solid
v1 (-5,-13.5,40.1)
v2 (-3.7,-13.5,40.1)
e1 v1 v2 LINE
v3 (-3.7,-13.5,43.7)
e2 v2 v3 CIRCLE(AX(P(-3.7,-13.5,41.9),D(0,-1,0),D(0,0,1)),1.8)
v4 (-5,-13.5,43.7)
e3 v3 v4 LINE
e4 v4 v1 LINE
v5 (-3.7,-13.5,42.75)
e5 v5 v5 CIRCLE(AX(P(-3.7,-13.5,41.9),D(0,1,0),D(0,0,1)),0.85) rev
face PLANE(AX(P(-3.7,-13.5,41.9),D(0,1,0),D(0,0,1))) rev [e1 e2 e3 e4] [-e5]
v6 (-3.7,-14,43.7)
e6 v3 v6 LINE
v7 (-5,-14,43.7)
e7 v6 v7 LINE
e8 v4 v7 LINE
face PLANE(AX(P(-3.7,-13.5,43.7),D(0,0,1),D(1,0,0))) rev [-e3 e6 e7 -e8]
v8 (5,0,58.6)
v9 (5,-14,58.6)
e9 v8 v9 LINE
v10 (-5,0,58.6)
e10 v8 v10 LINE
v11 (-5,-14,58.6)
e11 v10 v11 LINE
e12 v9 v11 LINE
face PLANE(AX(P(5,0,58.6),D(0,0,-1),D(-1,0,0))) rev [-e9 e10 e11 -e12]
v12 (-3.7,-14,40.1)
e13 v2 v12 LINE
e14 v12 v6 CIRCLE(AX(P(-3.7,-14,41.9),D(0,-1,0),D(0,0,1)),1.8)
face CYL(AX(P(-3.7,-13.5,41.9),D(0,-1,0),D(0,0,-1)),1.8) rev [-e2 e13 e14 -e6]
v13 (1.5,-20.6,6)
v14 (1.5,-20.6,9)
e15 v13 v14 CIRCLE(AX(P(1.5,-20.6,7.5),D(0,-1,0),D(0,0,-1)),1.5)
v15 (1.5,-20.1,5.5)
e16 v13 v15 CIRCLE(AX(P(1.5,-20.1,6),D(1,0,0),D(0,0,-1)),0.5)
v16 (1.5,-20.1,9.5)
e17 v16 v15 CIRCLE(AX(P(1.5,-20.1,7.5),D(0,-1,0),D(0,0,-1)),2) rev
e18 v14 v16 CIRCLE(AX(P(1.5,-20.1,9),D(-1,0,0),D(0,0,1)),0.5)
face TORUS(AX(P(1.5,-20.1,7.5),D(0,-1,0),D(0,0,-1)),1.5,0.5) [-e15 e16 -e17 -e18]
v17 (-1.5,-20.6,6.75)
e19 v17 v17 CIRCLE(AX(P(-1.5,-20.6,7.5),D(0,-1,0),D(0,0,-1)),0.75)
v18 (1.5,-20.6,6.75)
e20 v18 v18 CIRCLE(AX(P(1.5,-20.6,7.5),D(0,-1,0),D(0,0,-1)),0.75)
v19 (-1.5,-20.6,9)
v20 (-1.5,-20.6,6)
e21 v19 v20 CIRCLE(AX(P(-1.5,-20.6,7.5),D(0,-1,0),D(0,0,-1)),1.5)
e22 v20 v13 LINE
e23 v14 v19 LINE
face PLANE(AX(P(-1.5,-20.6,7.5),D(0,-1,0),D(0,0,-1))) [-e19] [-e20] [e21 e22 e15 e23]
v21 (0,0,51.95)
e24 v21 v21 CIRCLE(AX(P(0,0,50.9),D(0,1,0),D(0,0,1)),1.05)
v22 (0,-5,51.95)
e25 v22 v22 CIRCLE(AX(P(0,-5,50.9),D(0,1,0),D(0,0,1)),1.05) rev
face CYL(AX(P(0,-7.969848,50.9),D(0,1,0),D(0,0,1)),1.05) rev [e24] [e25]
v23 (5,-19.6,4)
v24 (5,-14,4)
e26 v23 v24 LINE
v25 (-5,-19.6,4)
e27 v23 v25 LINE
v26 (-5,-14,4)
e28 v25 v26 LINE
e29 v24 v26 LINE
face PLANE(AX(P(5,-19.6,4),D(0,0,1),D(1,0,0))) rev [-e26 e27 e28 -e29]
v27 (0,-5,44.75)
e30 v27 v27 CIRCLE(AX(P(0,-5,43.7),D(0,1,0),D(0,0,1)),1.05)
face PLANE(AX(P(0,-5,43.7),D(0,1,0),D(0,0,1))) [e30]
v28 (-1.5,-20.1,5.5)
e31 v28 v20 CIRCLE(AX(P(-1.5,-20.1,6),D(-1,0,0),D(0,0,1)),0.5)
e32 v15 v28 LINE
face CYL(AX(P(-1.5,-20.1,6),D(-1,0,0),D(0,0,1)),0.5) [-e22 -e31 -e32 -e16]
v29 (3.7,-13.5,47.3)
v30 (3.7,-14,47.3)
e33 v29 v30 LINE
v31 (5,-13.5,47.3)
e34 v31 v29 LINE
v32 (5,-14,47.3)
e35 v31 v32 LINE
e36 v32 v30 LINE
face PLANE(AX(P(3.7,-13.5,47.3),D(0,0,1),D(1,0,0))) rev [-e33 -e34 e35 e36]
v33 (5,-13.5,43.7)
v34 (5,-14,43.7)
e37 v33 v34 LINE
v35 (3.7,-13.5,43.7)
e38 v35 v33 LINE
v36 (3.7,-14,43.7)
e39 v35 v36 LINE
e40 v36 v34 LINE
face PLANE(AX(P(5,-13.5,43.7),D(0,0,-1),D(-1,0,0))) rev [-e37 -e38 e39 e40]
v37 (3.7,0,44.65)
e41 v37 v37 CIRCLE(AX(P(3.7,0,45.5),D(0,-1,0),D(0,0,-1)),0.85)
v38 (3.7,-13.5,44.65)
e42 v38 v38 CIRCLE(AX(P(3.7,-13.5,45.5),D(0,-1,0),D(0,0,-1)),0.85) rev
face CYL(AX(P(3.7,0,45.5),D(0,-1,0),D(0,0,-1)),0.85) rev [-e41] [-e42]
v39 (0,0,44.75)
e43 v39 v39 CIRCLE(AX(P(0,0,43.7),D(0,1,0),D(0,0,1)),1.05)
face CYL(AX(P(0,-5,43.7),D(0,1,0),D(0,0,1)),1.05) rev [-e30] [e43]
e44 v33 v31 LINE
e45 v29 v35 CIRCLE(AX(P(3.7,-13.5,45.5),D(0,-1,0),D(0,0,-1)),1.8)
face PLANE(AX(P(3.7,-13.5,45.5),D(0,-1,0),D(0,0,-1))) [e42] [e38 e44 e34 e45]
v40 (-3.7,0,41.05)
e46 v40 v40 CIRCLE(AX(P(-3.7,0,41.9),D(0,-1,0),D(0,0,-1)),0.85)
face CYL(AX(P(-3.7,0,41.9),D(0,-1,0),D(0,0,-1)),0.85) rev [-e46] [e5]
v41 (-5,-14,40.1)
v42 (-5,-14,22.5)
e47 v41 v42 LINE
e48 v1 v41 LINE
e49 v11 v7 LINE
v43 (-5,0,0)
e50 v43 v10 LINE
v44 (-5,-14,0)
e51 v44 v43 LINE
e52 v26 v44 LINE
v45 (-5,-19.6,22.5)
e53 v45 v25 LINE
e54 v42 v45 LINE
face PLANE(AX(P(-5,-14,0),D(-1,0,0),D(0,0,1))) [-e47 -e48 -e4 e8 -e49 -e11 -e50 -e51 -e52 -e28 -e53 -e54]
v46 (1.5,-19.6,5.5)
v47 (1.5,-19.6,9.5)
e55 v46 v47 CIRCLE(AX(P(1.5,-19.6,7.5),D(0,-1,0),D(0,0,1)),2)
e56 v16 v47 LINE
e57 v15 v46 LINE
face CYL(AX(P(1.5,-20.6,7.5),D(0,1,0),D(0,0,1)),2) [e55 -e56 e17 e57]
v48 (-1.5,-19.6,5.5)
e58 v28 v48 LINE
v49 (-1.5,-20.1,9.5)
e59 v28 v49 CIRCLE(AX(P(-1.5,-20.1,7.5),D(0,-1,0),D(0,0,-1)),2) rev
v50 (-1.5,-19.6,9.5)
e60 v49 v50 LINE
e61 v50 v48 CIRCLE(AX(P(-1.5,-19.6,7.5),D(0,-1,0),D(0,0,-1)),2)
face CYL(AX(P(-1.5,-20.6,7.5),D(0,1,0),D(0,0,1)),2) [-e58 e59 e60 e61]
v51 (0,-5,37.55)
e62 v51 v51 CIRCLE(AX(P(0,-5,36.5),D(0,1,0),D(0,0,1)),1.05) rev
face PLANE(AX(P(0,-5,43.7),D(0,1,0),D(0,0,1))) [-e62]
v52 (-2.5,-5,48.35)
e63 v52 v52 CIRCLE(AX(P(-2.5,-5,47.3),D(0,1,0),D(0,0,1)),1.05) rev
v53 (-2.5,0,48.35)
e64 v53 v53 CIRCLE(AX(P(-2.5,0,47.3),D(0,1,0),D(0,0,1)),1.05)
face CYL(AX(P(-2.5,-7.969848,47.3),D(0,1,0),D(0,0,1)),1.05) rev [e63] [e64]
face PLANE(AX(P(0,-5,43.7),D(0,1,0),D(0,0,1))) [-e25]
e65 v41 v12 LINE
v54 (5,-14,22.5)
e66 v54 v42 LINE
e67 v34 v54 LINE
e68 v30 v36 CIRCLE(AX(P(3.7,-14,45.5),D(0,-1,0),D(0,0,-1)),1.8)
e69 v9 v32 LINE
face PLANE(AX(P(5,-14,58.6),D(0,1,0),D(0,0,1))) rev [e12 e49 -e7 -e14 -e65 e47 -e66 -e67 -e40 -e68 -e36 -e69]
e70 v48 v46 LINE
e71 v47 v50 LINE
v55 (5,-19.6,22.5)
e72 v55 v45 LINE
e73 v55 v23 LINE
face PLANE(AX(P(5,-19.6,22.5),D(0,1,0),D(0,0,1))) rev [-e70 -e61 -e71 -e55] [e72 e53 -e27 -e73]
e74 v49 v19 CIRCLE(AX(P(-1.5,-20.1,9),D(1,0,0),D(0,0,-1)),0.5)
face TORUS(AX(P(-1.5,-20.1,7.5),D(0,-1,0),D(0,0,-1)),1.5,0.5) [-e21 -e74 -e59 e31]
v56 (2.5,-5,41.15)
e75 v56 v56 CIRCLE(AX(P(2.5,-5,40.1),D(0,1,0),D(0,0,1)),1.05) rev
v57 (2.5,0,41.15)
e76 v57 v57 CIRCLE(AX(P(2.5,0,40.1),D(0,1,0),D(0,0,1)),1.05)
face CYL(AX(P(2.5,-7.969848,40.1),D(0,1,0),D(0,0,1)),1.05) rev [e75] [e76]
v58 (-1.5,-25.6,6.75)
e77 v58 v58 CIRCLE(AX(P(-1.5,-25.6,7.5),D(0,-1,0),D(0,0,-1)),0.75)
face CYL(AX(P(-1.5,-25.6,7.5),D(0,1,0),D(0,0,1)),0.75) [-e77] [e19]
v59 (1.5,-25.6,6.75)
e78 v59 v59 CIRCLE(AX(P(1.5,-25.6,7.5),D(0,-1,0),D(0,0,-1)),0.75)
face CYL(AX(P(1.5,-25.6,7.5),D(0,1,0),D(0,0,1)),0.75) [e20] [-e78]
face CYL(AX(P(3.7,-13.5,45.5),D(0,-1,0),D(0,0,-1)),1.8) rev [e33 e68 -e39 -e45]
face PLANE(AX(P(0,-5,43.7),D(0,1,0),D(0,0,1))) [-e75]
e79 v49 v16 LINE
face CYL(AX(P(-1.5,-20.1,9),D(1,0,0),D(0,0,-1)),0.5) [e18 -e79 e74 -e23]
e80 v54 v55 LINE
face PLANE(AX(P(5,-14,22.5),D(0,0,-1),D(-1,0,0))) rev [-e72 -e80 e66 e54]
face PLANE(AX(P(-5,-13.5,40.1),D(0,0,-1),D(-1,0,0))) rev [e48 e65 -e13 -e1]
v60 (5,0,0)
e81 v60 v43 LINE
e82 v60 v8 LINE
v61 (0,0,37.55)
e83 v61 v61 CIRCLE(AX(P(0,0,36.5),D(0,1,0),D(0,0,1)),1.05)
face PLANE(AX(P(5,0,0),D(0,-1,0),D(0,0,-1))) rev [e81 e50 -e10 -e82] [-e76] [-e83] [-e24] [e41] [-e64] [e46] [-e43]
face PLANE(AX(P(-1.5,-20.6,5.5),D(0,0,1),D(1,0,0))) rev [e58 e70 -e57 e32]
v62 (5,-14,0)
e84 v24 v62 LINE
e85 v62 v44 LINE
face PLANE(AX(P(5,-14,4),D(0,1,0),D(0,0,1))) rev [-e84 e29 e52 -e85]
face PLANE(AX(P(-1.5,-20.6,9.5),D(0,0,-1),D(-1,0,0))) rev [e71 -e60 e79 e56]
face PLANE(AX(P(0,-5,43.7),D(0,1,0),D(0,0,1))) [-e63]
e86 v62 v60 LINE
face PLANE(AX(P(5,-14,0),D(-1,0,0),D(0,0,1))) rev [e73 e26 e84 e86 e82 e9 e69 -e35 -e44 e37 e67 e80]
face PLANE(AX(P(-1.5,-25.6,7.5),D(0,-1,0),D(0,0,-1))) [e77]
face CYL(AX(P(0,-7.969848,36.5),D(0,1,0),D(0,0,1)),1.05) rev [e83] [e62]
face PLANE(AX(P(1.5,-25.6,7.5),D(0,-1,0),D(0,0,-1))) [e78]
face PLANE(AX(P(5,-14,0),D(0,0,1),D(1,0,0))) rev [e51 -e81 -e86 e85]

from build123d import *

# Parameters (mm, degrees)
BODY_DEPTH                     = 5
BODY_DEPTH_BACK                = 5
SKETCH2_R                      = 0.85
F_1_7MM_THRU_SCREW_HOLES_DEPTH = 15
SCREWHEAD_RELIEF_DEPTH         = 0.5
SKETCH4_R                      = 1.05
F_1_P_PORT_DEPTH               = 5
SKETCH5_R                      = 1.05
F_2_B_PORT_DEPTH               = 5
SKETCH6_R                      = 1.05
F_3_R2_PORT_DEPTH              = 5
SKETCH7_R                      = 1.05
F_4_A_PORT_DEPTH               = 5
SKETCH8_R                      = 1.05
F_5_R1_PORT_DEPTH              = 5
EXTRUDE3_DEPTH                 = 1
FILLET1_R                      = 0.5
SKETCH10_R                     = 0.75
WIRES_2_DEPTH                  = 5


with BuildPart() as part:
    # Sketch1 → Body (new body, two sides)
    with BuildSketch(Plane(origin=(0, 0, 0), x_dir=(0, 0, -1), z_dir=(1, 0, 0))) as body_sk:
        Polygon((0, 0), (-58.6, 0), (-58.6, -14), (-22.5, -14), (-22.5, -19.6), (-4, -19.6), (-4, -14), (0, -14), align=None)
    extrude(amount=BODY_DEPTH)
    extrude(body_sk.sketch, amount=-BODY_DEPTH_BACK)

    # Sketch2 → 1.7mm Thru Screw Holes (cut, through all)
    with BuildSketch(Plane.XZ.offset(14)):
        with Locations(Location((-3.7, 41.9, 0), (0, 0, 270))):  # turned: the seam where the file's is
            Circle(SKETCH2_R)
        with Locations(Location((3.7, 45.5, 0), (0, 0, 270))):  # turned: the seam where the file's is
            Circle(SKETCH2_R)
    extrude(amount=-F_1_7MM_THRU_SCREW_HOLES_DEPTH, mode=Mode.SUBTRACT)

    # Sketch3 → Screwhead Relief (cut)
    with BuildSketch(Plane.XZ.offset(14)):
        with BuildLine():
            Line((-3.7, 43.7), (-5, 43.7))
            Line((-5, 43.7), (-5, 40.1))
            Line((-5, 40.1), (-3.7, 40.1))
            ThreePointArc((-3.7, 40.1), (-1.9, 41.9), (-3.7, 43.7))
        make_face()
        with BuildLine():
            Line((3.7, 47.3), (5, 47.3))
            Line((5, 47.3), (5, 43.7))
            Line((5, 43.7), (3.7, 43.7))
            ThreePointArc((3.7, 43.7), (1.9, 45.5), (3.7, 47.3))
        make_face()
    extrude(amount=-SCREWHEAD_RELIEF_DEPTH, mode=Mode.SUBTRACT)

    # Sketch4 → 1 P _port (cut)
    with BuildSketch(Plane(origin=(0, 0, 0), x_dir=(-1, 0, 0), z_dir=(0, 1, 0))):
        with Locations(Location((0, 43.7, 0), (0, 0, 90))):  # turned: the seam where the file's is
            Circle(SKETCH4_R)
    extrude(amount=-F_1_P_PORT_DEPTH, mode=Mode.SUBTRACT)

    # Sketch5 → 2 B _port (cut)
    with BuildSketch(Plane(origin=(0, 0, 0), x_dir=(-1, 0, 0), z_dir=(0, 1, 0))):
        with Locations(Location((2.5, 47.3, 0), (0, 0, 90))):  # turned: the seam where the file's is
            Circle(SKETCH5_R)
    extrude(amount=-F_2_B_PORT_DEPTH, mode=Mode.SUBTRACT)

    # Sketch6 → 3 R2 _port (cut)
    with BuildSketch(Plane(origin=(0, 0, 0), x_dir=(-1, 0, 0), z_dir=(0, 1, 0))):
        with Locations(Location((0, 50.9, 0), (0, 0, 90))):  # turned: the seam where the file's is
            Circle(SKETCH6_R)
    extrude(amount=-F_3_R2_PORT_DEPTH, mode=Mode.SUBTRACT)

    # Sketch7 → 4 A _port (cut)
    with BuildSketch(Plane(origin=(0, 0, 0), x_dir=(-1, 0, 0), z_dir=(0, 1, 0))):
        with Locations(Location((-2.5, 40.1, 0), (0, 0, 90))):  # turned: the seam where the file's is
            Circle(SKETCH7_R)
    extrude(amount=-F_4_A_PORT_DEPTH, mode=Mode.SUBTRACT)

    # Sketch8 → 5 R1 _port (cut)
    with BuildSketch(Plane(origin=(0, 0, 0), x_dir=(-1, 0, 0), z_dir=(0, 1, 0))):
        with Locations(Location((0, 36.5, 0), (0, 0, 90))):  # turned: the seam where the file's is
            Circle(SKETCH8_R)
    extrude(amount=-F_5_R1_PORT_DEPTH, mode=Mode.SUBTRACT)

    # Sketch9 → Extrude3 (add)
    with BuildSketch(Plane.XZ.offset(19.6)):
        with BuildLine():
            Line((-1.5, 9.5), (1.5, 9.5))
            ThreePointArc((1.5, 9.5), (3.5, 7.5), (1.5, 5.5))
            Line((1.5, 5.5), (-1.5, 5.5))
            ThreePointArc((-1.5, 5.5), (-3.5, 7.5), (-1.5, 9.5))
        make_face()
    extrude(amount=EXTRUDE3_DEPTH)

    # Fillet1
    fillet1_edges = [part.edges().sort_by_distance(p)[0] for p in [
        (-3.5, -20.6, 7.5),
        (0, -20.6, 5.5),
        (3.5, -20.6, 7.5),
        (0, -20.6, 9.5),
    ]]
    fillet(fillet1_edges, radius=FILLET1_R)

    # Sketch10 → Wires 2 (add)
    with BuildSketch(Plane.XZ.offset(20.6)):
        with Locations(Location((-1.5, 7.5, 0), (0, 0, 270))):  # turned: the seam where the file's is
            Circle(SKETCH10_R)
        with Locations(Location((1.5, 7.5, 0), (0, 0, 270))):  # turned: the seam where the file's is
            Circle(SKETCH10_R)
    extrude(amount=WIRES_2_DEPTH)


solid = part.part
